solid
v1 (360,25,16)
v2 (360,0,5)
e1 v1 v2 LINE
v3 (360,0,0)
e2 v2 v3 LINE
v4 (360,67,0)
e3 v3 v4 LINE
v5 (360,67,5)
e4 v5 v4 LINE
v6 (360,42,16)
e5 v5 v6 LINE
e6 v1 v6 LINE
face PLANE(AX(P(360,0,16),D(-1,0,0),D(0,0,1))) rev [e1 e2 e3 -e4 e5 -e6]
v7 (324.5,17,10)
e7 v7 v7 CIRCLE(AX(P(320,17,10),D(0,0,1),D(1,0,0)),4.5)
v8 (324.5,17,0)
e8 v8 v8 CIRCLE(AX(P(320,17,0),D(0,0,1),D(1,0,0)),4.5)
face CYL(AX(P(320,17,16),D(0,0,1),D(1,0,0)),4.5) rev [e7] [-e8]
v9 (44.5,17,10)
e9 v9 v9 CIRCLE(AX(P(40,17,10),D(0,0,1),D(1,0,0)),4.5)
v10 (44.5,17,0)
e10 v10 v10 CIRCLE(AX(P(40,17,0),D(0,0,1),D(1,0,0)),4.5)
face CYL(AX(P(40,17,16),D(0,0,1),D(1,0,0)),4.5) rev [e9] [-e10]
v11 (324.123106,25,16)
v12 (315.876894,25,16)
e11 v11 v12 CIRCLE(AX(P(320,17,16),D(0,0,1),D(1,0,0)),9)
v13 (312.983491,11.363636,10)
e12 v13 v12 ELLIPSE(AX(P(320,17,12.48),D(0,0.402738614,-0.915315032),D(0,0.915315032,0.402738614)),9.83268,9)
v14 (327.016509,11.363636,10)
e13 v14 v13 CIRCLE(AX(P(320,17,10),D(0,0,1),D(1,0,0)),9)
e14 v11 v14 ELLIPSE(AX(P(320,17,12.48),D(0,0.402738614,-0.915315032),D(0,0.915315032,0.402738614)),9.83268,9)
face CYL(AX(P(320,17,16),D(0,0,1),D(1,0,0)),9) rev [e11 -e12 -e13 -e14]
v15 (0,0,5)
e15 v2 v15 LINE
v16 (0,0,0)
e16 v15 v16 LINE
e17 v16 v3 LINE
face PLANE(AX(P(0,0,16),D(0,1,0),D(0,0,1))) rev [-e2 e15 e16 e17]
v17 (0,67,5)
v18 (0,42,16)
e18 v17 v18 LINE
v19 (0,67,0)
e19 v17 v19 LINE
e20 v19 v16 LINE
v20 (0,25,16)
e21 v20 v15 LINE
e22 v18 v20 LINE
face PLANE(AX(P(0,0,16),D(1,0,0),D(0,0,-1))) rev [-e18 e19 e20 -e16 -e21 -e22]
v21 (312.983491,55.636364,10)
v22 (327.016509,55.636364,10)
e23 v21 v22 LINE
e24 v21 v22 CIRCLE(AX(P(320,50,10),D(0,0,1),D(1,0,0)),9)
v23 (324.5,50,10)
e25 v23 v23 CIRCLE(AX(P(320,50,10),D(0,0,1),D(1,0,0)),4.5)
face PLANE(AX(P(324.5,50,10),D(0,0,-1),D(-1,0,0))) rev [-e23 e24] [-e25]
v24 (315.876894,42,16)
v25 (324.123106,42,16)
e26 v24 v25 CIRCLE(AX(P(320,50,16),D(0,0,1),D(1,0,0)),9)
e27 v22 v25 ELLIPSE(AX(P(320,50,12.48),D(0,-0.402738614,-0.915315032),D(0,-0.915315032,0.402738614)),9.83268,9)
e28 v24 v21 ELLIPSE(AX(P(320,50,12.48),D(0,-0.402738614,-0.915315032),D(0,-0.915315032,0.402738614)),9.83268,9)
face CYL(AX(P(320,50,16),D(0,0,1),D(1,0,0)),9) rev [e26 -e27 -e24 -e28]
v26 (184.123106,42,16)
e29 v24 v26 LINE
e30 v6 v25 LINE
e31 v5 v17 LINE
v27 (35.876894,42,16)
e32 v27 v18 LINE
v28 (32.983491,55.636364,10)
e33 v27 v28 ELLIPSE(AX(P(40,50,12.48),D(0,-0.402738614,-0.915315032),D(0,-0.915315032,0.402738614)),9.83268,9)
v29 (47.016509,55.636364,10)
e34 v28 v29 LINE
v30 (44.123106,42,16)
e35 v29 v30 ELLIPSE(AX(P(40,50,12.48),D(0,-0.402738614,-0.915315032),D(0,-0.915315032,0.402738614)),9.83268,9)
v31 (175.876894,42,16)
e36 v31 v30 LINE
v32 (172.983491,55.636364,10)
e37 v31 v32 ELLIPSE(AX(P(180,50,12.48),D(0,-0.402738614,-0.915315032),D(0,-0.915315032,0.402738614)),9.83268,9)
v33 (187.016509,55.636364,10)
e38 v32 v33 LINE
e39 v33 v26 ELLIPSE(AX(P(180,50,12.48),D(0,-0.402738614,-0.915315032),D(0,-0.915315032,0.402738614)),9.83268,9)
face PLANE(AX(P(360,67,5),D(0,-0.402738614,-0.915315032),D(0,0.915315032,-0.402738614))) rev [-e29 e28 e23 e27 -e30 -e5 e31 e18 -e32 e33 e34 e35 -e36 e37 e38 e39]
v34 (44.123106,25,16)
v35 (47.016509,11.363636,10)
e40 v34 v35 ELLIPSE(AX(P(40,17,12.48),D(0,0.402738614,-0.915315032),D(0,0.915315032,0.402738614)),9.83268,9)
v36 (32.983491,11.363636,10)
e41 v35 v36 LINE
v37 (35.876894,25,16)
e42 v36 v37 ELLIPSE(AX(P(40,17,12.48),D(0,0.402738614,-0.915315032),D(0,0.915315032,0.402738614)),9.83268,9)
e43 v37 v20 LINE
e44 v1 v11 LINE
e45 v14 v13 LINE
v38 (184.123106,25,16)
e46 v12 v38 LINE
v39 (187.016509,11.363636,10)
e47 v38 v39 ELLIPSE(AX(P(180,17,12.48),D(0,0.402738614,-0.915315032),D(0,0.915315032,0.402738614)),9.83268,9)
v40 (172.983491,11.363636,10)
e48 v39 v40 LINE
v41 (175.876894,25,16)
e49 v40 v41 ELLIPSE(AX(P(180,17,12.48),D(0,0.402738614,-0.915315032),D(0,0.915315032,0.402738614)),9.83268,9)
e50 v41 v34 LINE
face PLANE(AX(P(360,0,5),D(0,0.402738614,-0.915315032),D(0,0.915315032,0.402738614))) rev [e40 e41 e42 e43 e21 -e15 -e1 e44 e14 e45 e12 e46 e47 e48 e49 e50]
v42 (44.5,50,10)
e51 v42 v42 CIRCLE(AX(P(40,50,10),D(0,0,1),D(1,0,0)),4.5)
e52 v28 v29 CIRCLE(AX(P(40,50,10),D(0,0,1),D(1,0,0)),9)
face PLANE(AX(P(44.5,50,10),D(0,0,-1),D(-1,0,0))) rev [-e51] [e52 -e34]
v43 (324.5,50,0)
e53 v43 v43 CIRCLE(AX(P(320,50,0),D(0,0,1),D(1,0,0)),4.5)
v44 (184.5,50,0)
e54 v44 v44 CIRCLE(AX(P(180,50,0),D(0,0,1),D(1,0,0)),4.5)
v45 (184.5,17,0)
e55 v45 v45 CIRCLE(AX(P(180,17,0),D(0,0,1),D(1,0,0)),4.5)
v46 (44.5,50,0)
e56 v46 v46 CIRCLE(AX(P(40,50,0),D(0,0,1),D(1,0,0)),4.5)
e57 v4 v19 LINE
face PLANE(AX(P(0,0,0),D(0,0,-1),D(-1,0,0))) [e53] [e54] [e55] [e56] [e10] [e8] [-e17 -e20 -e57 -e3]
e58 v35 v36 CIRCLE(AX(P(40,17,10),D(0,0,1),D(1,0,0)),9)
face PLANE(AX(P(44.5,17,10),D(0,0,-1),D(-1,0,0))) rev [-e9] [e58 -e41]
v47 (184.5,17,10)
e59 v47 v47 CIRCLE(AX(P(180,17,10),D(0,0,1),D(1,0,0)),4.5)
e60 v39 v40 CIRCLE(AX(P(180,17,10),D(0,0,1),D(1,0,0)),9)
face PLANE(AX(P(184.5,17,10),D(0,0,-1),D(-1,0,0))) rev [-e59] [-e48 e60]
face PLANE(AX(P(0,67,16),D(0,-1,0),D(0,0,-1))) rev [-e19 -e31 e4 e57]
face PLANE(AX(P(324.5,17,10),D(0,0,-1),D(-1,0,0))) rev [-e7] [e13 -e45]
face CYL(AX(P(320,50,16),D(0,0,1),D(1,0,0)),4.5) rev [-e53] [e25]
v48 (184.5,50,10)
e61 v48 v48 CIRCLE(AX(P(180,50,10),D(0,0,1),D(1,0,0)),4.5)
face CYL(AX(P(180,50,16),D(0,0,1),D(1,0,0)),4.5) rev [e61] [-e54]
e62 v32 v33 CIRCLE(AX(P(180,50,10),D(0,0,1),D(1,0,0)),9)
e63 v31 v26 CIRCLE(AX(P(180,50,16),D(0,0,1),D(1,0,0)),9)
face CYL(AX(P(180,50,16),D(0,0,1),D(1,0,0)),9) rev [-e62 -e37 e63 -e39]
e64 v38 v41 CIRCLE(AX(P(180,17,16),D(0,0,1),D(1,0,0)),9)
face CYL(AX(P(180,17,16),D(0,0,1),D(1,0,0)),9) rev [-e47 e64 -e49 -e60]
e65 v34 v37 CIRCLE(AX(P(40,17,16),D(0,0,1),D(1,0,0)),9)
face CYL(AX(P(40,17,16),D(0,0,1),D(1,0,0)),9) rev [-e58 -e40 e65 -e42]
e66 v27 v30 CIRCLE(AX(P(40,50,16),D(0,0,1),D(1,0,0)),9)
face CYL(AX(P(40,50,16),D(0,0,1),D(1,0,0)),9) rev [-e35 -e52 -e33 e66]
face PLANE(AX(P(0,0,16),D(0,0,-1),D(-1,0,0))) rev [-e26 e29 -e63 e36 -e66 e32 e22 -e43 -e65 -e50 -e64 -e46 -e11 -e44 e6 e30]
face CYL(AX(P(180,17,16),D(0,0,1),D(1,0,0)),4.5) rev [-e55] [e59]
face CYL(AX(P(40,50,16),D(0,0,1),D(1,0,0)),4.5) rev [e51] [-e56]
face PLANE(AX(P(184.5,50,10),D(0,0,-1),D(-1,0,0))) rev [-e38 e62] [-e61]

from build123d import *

# Parameters (mm, degrees)
ESBO_O1_W                                           = 360
ESBO_O1_H                                           = 67
RESSALTO_EXTRUS_O1_DEPTH                            = 16
CORTE_EXTRUS_O1_DEPTH                               = 367.531035521
REBAIXO_PARA_PARAFUSO_COM_CABE_A_PANELA_D           = 9
REBAIXO_PARA_PARAFUSO_COM_CABE_A_PANELA_CBORE_D     = 18
REBAIXO_PARA_PARAFUSO_COM_CABE_A_PANELA_CBORE_DEPTH = 6


with BuildPart() as part:
    # Esboço1 → Ressalto-extrusão1 (new body)
    with BuildSketch(Plane.XY):
        with Locations((180, 33.5)):
            Rectangle(ESBO_O1_W, ESBO_O1_H)
    extrude(amount=RESSALTO_EXTRUS_O1_DEPTH)

    # Esboço2 → Corte-extrusão1 (cut, through all)
    with BuildSketch(Plane.ZY):
        Polygon((5, 0), (16, 25), (16, 0), align=None)
        Polygon((5, 67), (16, 42), (16, 67), align=None)
    extrude(amount=-CORTE_EXTRUS_O1_DEPTH, mode=Mode.SUBTRACT)

    # Rebaixo para parafuso com cabeça panela de M81 (through all)
    with Locations(Plane.XY.offset(16)):
        with Locations((40, 50), (40, 17), (180, 50), (180, 17), (320, 50), (320, 17)):
            CounterBoreHole(REBAIXO_PARA_PARAFUSO_COM_CABE_A_PANELA_D / 2, REBAIXO_PARA_PARAFUSO_COM_CABE_A_PANELA_CBORE_D / 2, REBAIXO_PARA_PARAFUSO_COM_CABE_A_PANELA_CBORE_DEPTH)


solid = part.part
